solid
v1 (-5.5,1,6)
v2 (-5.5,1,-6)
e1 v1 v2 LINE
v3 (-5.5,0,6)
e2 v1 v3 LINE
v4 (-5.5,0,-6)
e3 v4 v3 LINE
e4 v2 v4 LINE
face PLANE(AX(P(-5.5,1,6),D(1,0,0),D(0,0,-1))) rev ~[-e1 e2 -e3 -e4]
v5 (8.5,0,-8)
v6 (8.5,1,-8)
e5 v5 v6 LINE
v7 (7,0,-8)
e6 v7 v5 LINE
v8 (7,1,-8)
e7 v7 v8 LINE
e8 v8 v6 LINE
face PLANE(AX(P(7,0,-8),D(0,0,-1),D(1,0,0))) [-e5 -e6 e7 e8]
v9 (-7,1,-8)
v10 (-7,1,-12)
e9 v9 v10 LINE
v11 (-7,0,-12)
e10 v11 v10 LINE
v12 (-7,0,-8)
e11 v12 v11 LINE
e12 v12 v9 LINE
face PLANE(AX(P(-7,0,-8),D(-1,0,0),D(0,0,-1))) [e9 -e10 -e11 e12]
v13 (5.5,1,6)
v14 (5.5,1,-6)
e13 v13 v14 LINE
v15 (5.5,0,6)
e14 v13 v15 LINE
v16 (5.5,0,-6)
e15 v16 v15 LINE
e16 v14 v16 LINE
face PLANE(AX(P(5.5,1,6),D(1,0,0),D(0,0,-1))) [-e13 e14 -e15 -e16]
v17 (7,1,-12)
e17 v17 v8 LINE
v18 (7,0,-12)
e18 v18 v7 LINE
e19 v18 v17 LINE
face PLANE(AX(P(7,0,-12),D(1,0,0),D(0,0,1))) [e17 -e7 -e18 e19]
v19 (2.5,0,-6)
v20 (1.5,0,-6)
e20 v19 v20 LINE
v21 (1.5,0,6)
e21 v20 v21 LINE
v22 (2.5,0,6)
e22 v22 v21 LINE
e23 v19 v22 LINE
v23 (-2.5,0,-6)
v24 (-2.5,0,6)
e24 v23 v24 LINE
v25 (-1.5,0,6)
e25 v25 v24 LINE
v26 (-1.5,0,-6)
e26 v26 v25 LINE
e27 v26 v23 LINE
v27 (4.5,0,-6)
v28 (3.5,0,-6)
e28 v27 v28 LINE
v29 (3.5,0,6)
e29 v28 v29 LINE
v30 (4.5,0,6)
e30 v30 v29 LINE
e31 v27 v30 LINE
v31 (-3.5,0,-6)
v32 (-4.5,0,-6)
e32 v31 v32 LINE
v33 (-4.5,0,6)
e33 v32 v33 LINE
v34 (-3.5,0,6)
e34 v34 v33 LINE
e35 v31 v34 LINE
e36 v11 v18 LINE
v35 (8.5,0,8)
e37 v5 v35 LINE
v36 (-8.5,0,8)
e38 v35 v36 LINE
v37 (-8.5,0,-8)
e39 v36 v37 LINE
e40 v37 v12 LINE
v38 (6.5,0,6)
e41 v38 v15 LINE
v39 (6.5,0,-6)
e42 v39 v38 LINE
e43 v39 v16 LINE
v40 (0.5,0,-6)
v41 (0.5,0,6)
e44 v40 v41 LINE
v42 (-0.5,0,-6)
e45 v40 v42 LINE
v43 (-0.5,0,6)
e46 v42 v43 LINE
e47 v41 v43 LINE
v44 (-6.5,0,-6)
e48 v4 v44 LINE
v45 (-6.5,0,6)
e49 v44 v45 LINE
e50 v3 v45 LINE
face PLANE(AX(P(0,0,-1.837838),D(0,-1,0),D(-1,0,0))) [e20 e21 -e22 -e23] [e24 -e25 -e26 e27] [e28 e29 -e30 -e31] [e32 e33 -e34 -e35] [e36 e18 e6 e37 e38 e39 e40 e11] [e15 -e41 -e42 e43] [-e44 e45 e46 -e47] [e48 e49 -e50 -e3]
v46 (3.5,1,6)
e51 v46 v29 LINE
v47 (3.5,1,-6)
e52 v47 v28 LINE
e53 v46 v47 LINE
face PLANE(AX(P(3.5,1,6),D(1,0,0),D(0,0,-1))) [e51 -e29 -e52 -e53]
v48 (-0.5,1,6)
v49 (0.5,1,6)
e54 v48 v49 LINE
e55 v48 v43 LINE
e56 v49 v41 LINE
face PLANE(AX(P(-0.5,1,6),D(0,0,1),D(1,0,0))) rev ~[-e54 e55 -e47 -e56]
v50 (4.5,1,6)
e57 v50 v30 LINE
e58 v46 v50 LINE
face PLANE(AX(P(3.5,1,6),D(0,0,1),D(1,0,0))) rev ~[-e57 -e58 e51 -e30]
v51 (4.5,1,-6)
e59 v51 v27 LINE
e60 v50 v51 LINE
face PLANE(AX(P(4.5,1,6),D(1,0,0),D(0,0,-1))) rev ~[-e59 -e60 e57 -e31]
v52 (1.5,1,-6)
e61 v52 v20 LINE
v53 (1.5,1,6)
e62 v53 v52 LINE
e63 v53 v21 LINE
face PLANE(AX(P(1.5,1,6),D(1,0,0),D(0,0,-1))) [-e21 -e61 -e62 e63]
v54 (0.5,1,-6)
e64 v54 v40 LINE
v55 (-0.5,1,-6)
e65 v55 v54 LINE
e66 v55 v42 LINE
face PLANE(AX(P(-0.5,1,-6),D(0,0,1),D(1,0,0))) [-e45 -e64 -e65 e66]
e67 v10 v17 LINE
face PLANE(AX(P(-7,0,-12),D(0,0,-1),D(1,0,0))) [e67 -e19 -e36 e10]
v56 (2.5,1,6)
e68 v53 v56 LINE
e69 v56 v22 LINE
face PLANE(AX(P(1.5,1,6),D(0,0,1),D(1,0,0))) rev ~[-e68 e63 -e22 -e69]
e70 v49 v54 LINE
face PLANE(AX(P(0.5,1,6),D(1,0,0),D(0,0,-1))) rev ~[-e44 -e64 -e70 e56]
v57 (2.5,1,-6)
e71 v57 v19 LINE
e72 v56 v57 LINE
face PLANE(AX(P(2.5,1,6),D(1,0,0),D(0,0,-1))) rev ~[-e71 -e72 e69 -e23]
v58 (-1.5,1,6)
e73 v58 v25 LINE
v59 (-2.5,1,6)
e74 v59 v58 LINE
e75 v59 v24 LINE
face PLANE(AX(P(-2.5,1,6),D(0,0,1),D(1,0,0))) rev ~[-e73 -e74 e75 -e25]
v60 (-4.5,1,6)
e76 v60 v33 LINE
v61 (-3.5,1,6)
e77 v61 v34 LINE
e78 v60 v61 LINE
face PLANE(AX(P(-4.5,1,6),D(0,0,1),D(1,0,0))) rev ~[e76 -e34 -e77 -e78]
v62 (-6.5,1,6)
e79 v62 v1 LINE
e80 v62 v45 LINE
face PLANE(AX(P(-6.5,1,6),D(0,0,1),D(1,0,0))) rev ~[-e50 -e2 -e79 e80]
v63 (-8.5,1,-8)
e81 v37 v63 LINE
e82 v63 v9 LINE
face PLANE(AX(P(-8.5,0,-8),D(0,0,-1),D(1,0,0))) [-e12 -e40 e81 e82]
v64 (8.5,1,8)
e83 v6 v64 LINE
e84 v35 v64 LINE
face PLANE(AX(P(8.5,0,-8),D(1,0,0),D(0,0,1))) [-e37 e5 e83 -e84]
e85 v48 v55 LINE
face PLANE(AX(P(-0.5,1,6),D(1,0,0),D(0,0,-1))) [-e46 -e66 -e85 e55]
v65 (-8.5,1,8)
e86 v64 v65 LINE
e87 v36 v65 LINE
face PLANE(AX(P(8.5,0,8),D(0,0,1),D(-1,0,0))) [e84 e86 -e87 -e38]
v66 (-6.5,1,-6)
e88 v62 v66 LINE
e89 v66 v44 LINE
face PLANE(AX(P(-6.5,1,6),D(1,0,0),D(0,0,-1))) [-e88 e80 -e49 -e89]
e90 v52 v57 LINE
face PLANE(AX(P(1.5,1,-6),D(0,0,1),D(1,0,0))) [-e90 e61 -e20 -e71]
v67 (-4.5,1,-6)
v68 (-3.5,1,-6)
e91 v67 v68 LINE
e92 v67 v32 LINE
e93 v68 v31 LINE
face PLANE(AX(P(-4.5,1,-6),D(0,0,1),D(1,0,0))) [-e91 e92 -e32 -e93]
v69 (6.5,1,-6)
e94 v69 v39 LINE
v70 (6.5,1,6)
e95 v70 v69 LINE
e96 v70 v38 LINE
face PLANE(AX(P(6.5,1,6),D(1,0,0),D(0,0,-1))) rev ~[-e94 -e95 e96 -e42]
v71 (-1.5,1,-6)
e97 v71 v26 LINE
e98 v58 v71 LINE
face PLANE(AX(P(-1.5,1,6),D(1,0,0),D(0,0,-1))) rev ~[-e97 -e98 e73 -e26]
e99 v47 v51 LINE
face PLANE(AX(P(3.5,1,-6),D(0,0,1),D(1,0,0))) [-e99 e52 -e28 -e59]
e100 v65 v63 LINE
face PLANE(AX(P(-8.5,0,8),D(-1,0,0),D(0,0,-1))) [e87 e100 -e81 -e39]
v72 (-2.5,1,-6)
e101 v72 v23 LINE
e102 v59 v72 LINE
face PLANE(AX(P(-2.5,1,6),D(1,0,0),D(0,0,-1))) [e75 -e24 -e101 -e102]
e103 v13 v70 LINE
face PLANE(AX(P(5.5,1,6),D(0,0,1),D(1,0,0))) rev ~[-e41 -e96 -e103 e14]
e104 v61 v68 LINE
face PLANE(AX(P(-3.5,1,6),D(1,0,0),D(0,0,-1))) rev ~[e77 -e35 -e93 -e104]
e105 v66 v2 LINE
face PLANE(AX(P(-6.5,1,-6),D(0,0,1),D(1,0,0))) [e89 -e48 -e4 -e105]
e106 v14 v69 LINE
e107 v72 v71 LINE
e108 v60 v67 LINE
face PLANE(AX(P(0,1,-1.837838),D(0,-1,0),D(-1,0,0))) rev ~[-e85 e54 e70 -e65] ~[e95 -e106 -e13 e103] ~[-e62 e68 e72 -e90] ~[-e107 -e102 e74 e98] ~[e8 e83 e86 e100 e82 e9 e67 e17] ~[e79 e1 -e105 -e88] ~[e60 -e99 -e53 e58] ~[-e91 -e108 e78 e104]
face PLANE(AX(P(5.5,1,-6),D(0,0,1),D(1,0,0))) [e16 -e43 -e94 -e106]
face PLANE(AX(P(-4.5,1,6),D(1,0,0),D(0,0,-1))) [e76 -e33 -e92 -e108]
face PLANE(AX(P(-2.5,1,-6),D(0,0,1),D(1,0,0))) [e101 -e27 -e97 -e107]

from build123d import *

# Parameters (mm, degrees)
EXTRUDE_1_DEPTH     = 1
SKETCH_5_W          = 1
SKETCH_5_H          = 12
CUT_EXTRUDE_2_DEPTH = 2


with BuildPart() as part:
    # 草图1 → 凸台-拉伸1 (new body)
    with BuildSketch(Plane(origin=(0, 0, 0), x_dir=(1, 0, 0), z_dir=(0, 1, 0))):
        Polygon((-8.5, -8), (-8.5, 8), (-7, 8), (-7, 12), (7, 12), (7, 8), (8.5, 8), (8.5, -8), align=None)
    extrude(amount=EXTRUDE_1_DEPTH)

    # 草图5 → 切除-拉伸2 (cut, through all)
    with BuildSketch(Plane(origin=(0, 1, 0), x_dir=(1, 0, 0), z_dir=(0, 1, 0))):
        Rectangle(SKETCH_5_W, SKETCH_5_H)
        with Locations((2, 0)):
            Rectangle(SKETCH_5_W, SKETCH_5_H)
        with Locations((6, 0)):
            Rectangle(SKETCH_5_W, SKETCH_5_H)
        with Locations((4, 0)):
            Rectangle(SKETCH_5_W, SKETCH_5_H)
        with Locations((-2, 0)):
            Rectangle(SKETCH_5_W, SKETCH_5_H)
        with Locations((-4, 0)):
            Rectangle(SKETCH_5_W, SKETCH_5_H)
        with Locations((-6, 0)):
            Rectangle(SKETCH_5_W, SKETCH_5_H)
    extrude(amount=-CUT_EXTRUDE_2_DEPTH, mode=Mode.SUBTRACT)


solid = part.part
